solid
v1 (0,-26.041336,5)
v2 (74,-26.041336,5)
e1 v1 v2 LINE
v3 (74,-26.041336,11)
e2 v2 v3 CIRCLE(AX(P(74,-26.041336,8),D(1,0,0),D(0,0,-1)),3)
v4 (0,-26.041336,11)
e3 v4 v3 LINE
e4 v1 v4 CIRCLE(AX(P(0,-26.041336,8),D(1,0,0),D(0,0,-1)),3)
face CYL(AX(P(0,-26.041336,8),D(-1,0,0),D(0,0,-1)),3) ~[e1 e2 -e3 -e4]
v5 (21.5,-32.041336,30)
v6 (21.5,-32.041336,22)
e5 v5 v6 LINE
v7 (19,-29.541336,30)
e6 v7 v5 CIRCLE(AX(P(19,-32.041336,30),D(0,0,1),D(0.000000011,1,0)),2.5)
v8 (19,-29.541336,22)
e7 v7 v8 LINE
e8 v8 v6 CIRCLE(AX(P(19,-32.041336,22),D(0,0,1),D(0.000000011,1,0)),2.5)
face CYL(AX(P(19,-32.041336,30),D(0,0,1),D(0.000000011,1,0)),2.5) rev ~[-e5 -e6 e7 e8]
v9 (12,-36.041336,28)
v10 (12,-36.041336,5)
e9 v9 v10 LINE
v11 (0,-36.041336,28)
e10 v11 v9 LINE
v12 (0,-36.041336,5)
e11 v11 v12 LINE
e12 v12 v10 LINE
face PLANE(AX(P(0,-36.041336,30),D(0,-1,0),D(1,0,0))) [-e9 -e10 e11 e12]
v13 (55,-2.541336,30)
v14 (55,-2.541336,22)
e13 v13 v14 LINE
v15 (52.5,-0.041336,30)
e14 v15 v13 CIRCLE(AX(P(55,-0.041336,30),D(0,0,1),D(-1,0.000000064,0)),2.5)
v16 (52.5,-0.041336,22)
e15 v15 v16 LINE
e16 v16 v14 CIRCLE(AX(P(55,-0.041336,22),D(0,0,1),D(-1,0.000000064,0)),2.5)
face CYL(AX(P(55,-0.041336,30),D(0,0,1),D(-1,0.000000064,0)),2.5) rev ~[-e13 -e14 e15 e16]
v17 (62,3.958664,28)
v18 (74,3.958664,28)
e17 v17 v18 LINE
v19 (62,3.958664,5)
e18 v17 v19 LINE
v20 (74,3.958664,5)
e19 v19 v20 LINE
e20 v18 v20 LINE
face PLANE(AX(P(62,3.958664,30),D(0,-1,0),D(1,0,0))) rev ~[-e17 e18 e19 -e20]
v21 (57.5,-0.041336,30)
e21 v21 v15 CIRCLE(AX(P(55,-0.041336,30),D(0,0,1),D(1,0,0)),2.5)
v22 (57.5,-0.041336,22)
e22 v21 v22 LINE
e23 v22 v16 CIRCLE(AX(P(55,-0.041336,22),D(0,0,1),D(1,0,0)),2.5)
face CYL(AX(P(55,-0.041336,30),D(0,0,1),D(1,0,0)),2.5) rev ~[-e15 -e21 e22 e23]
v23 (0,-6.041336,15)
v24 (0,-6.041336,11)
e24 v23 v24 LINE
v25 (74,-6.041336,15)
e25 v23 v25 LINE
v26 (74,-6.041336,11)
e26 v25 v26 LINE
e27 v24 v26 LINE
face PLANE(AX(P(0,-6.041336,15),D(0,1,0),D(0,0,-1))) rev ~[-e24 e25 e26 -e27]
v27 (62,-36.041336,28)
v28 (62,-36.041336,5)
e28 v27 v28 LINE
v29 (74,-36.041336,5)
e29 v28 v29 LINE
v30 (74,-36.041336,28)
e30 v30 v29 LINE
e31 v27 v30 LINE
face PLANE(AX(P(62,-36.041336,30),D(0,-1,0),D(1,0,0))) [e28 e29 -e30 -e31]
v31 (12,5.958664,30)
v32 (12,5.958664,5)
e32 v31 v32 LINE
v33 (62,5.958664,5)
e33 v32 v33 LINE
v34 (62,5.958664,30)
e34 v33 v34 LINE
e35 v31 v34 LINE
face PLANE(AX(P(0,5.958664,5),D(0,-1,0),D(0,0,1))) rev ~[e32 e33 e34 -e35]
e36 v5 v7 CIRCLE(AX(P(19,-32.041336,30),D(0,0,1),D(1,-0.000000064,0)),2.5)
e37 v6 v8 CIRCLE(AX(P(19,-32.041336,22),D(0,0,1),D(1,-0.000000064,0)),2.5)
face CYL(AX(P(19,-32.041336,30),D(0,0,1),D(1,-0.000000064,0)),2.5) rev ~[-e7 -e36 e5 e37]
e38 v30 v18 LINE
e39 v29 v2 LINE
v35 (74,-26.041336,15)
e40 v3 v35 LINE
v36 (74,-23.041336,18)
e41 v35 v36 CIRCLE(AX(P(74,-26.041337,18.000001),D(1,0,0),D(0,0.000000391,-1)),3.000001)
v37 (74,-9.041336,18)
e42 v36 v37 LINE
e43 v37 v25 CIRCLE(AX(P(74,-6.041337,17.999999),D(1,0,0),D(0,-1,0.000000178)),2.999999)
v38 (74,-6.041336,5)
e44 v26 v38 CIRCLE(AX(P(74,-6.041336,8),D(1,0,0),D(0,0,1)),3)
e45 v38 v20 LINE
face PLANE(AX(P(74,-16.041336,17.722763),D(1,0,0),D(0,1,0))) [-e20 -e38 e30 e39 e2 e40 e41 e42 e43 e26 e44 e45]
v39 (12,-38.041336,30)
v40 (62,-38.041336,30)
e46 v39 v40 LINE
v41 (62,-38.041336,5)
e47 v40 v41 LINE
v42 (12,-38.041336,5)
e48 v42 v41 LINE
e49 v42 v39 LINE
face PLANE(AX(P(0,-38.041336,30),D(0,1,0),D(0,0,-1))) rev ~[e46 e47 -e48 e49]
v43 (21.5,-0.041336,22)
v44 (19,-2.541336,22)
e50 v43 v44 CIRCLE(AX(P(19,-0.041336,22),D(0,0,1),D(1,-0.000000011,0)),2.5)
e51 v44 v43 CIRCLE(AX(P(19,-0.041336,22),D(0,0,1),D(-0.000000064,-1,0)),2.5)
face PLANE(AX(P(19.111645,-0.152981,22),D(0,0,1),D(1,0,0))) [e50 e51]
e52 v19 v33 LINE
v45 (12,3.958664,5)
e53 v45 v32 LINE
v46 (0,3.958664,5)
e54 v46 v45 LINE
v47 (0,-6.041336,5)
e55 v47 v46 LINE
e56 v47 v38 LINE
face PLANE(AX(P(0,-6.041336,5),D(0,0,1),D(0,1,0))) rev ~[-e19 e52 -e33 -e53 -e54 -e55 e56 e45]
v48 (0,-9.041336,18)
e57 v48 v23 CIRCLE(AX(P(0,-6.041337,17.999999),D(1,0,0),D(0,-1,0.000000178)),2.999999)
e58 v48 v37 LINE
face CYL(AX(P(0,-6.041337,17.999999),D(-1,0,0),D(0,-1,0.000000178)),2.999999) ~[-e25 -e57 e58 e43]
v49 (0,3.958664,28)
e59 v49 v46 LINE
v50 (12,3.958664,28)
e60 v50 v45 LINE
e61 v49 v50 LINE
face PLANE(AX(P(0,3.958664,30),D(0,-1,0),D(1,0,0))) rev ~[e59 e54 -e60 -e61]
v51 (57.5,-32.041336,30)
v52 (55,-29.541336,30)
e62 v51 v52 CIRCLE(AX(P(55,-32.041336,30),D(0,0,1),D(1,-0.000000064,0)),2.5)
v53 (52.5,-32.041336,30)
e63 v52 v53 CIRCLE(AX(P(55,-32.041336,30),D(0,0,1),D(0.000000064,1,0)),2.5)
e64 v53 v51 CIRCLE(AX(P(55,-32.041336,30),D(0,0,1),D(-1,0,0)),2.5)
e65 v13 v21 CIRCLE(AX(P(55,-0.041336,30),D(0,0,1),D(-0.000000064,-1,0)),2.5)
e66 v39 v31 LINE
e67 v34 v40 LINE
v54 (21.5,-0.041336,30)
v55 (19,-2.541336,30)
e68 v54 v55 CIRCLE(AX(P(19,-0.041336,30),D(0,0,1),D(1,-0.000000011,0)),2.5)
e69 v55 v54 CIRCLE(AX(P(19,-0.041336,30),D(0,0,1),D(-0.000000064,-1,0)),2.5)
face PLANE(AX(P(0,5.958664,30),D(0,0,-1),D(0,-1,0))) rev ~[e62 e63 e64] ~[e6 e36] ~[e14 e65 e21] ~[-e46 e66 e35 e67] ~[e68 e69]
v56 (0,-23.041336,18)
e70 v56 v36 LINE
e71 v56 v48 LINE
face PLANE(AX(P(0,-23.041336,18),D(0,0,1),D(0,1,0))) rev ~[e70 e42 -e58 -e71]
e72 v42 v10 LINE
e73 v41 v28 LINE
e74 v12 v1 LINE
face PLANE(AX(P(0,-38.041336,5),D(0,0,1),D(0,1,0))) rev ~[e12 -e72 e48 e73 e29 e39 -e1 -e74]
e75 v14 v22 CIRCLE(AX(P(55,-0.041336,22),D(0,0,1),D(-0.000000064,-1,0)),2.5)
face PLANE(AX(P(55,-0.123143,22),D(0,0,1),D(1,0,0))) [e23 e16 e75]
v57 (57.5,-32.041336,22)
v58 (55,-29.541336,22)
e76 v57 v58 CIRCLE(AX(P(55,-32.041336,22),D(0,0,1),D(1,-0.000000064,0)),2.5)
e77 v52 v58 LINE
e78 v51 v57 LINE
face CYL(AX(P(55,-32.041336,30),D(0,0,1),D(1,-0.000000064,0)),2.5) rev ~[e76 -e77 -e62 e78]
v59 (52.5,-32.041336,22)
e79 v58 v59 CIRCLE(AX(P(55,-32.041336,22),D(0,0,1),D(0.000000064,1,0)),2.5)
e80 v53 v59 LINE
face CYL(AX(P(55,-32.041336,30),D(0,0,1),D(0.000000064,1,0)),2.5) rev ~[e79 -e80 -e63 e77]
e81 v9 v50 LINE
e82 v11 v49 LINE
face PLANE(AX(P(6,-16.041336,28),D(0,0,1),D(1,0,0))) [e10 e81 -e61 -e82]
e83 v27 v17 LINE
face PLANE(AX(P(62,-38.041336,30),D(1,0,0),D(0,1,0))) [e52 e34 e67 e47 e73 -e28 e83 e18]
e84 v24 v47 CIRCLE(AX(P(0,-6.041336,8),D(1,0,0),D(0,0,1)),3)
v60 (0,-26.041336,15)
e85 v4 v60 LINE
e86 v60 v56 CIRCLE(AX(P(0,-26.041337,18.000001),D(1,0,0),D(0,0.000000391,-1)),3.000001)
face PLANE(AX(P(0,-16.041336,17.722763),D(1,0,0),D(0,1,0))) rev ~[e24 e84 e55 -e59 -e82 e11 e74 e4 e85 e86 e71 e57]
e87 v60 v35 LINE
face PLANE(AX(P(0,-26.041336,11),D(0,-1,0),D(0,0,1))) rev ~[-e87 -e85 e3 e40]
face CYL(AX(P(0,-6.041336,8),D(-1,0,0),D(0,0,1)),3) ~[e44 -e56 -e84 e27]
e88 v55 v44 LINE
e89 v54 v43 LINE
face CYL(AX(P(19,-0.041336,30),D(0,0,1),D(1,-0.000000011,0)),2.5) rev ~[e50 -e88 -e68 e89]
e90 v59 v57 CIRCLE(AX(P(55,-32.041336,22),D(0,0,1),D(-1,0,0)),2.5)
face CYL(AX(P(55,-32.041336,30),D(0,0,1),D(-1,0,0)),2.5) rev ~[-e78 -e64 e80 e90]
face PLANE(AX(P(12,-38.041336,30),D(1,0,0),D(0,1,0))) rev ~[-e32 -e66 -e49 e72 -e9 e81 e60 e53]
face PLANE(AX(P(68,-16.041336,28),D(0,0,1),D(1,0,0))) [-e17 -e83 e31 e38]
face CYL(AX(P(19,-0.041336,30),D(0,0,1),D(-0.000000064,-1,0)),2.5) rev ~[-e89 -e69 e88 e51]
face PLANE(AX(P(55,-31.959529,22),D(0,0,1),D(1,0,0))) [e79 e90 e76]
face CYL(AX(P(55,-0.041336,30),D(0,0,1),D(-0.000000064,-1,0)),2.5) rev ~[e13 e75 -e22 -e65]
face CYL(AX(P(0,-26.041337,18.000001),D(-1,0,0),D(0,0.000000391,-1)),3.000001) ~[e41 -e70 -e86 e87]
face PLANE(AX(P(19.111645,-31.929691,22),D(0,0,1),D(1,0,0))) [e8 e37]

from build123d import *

# Parameters (mm, degrees)
F1_DEPTH = 74
F2_W     = 12
F2_H     = 44
F3_DEPTH = 2
F4_W     = 12
F4_H     = 2
F5_DEPTH = 25
F7_DEPTH = 8


with BuildPart() as f1:
    # F0 (on Right) → F1 (new body)
    with BuildSketch(Plane.YZ):
        with BuildLine():
            ThreePointArc((-26.041336, 5), (-23.041336, 8), (-26.041336, 11))
            Line((-26.041336, 11), (-26.041336, 15))
            ThreePointArc((-26.041336, 15), (-23.920016, 15.87868), (-23.041336, 18))
            Line((-23.041336, 18), (-9.041336, 18))
            ThreePointArc((-9.041336, 18), (-8.162657, 15.87868), (-6.041336, 15))
            Line((-6.041336, 15), (-6.041336, 11))
            ThreePointArc((-6.041336, 11), (-9.041336, 8), (-6.041336, 5))
            Line((-6.041336, 5), (5.958664, 5))
            Line((5.958664, 5), (5.958664, 30))
            Line((5.958664, 30), (-38.041336, 30))
            Line((-38.041336, 30), (-38.041336, 5))
            Line((-38.041336, 5), (-26.041336, 5))
        make_face()
    extrude(amount=F1_DEPTH)

    # F2 (on face) → F3 (cut)
    with BuildSketch(Plane.XY.offset(30)):
        with Locations((68, -16.041336)):
            Rectangle(F2_W, F2_H)
        with Locations((6, -16.041336)):
            Rectangle(F2_W, F2_H)
    extrude(amount=-F3_DEPTH, mode=Mode.SUBTRACT)

    # F4 (on face) → F5 (cut)
    with BuildSketch(Plane.XY.offset(30)):
        with Locations((6, 4.958664)):
            Rectangle(F4_W, F4_H)
        with Locations((6, -37.041336)):
            Rectangle(F4_W, F4_H)
        with Locations((68, -37.041336)):
            Rectangle(F4_W, F4_H)
        with Locations((68, 4.958664)):
            Rectangle(F4_W, F4_H)
    extrude(amount=-F5_DEPTH, mode=Mode.SUBTRACT)

    # F6 (on face) → F7 (cut)
    with BuildSketch(Plane.XY.offset(30)):
        with BuildLine():
            ThreePointArc((21.5, -0.041336), (17.232233, 1.726431), (19, -2.541336))
            ThreePointArc((19, -2.541336), (20.767767, -1.809103), (21.5, -0.041336))
        make_face()
        with BuildLine():
            ThreePointArc((52.5, -0.041336), (53.232233, -1.809103), (55, -2.541336))
            ThreePointArc((55, -2.541336), (56.767767, -1.809103), (57.5, -0.041336))
            ThreePointArc((57.5, -0.041336), (55, 2.458664), (52.5, -0.041336))
        make_face()
        with BuildLine():
            ThreePointArc((55, -29.541336), (53.232233, -30.273569), (52.5, -32.041336))
            ThreePointArc((52.5, -32.041336), (55, -34.541336), (57.5, -32.041336))
            ThreePointArc((57.5, -32.041336), (56.767767, -30.273569), (55, -29.541336))
        make_face()
        with BuildLine():
            ThreePointArc((19, -29.541336), (17.232233, -33.809103), (21.5, -32.041336))
            ThreePointArc((21.5, -32.041336), (20.767767, -30.273569), (19, -29.541336))
        make_face()
    extrude(amount=-F7_DEPTH, mode=Mode.SUBTRACT)


solid = f1.part
